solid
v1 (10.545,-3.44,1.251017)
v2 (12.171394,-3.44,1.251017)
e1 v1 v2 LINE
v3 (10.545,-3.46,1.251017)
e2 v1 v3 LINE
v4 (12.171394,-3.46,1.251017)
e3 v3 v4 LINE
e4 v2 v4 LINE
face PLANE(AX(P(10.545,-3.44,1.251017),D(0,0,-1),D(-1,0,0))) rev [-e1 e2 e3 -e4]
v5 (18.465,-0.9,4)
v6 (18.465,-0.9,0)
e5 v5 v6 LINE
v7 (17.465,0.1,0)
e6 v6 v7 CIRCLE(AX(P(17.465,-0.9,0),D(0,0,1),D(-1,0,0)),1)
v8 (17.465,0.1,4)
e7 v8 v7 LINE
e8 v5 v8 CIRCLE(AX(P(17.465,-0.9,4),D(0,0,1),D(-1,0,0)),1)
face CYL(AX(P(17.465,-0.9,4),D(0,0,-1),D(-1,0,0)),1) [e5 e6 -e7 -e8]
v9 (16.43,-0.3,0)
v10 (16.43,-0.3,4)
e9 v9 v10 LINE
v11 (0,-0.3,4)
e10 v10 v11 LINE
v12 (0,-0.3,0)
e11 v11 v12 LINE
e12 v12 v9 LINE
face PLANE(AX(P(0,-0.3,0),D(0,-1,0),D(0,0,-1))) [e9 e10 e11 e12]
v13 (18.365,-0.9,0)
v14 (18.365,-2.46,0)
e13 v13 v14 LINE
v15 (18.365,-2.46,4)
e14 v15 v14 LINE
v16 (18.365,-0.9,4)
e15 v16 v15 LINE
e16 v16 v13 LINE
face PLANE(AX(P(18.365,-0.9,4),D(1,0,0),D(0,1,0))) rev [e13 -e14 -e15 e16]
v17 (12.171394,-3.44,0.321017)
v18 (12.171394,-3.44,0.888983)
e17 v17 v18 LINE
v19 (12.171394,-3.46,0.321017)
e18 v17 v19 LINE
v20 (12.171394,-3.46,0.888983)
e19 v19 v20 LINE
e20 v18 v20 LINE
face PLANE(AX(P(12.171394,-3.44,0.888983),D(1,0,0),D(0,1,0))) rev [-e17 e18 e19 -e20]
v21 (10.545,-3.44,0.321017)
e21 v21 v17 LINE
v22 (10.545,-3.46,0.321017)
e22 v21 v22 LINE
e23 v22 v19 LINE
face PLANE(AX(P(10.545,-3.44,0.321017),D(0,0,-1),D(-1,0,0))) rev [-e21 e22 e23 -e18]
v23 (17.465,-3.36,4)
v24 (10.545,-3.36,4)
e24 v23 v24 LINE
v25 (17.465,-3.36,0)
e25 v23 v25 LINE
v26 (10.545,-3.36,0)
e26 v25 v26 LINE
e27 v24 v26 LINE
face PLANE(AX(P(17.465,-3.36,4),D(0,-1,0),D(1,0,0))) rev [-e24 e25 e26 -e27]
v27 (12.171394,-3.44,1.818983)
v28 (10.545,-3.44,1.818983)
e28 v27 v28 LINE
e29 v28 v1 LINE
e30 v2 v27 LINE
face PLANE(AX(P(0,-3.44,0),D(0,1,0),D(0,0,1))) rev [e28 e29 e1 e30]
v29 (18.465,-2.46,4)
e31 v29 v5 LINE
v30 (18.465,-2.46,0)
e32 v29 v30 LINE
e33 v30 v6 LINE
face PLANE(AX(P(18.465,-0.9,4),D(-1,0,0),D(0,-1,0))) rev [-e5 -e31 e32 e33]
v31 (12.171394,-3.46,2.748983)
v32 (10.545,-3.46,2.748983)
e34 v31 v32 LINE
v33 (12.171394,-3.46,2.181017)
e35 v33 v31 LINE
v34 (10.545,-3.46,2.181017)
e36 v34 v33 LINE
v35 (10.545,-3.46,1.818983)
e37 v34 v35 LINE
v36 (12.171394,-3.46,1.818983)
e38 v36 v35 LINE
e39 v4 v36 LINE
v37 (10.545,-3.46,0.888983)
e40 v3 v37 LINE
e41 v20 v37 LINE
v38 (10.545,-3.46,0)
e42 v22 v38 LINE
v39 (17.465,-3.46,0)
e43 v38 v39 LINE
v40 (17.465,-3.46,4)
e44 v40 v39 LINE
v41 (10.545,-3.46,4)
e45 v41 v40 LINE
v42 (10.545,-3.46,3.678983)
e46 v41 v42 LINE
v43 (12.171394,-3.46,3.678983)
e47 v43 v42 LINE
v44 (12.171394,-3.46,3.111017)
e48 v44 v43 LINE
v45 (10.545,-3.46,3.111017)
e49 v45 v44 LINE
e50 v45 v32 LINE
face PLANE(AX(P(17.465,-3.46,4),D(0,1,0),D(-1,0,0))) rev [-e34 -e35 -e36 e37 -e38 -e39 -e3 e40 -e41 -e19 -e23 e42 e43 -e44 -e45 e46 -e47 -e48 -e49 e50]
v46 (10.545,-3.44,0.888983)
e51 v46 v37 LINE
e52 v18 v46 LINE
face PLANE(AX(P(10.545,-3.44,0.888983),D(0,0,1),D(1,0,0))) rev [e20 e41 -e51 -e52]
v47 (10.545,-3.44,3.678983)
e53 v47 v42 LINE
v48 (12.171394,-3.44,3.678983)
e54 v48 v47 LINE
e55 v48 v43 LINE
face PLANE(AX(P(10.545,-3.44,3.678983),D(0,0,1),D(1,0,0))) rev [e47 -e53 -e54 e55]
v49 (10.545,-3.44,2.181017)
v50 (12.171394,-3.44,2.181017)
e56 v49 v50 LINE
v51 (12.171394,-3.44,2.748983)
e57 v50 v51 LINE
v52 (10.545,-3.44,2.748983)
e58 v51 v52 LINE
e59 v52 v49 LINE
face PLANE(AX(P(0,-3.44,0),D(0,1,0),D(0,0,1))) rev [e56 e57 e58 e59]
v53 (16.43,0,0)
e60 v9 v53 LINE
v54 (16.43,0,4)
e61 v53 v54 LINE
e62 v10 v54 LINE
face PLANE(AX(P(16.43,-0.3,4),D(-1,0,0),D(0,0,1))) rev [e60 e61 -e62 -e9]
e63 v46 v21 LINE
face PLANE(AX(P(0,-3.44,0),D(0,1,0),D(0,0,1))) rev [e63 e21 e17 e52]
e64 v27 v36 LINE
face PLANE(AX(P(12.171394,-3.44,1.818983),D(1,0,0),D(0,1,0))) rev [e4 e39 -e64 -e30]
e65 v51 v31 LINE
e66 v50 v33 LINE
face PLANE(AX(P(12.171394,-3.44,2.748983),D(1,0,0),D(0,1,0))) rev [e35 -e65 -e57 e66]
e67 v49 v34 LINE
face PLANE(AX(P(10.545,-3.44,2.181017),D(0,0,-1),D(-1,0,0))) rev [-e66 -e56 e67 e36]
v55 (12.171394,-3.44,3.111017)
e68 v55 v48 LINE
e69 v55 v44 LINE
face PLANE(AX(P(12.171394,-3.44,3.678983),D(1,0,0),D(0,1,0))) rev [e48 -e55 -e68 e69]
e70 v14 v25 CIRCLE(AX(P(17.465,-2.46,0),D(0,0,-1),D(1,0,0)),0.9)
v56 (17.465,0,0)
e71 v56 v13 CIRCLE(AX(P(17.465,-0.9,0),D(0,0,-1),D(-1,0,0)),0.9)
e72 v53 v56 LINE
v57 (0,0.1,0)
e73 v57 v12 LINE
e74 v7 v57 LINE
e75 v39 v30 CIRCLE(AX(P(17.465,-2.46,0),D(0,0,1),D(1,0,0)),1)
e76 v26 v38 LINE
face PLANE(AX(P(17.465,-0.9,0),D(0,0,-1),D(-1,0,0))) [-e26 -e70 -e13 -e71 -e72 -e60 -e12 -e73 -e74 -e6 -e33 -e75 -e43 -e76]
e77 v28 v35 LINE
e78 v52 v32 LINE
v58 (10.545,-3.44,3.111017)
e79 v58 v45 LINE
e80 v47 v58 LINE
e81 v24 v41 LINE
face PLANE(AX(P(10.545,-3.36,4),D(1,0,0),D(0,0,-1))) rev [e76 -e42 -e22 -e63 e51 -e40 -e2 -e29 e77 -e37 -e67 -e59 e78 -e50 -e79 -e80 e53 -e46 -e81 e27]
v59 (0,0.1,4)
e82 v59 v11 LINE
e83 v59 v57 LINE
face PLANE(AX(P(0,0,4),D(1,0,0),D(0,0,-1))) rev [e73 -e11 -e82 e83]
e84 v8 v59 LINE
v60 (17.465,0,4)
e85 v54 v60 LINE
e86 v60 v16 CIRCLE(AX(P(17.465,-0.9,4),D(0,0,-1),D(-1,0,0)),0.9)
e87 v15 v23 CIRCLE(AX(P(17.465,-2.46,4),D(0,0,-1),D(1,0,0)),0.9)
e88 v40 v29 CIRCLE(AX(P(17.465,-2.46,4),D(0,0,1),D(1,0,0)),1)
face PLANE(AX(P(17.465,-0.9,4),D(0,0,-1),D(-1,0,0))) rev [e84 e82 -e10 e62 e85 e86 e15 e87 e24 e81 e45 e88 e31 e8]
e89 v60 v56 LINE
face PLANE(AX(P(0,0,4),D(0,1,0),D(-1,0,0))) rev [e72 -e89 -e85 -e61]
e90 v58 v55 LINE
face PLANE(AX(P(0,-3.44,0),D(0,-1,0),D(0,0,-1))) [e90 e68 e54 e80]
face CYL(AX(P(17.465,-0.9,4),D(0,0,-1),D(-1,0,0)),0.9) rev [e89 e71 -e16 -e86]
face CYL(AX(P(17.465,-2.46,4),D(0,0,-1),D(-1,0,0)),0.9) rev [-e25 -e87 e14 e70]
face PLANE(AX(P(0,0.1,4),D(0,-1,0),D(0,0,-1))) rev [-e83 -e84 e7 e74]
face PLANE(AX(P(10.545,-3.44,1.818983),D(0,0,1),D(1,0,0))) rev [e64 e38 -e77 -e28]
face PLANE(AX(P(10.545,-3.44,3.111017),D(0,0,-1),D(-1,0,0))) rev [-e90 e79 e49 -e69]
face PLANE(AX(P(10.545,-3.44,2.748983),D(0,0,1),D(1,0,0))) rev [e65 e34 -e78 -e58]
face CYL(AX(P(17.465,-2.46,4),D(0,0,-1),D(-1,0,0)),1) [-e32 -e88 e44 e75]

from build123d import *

# Parameters (mm, degrees)
EXTRUDE_1_DEPTH     = 4
SKETCH_2_W          = 16.43
SKETCH_2_H          = 4
EXTRUDE_2_DEPTH     = 0.3
SKETCH_5_W          = 1.626393804
SKETCH_5_H          = 0.567965398
CUT_EXTRUDE_1_DEPTH = 0.02


with BuildPart() as part:
    # 草图1 → 凸台-拉伸1 (new body)
    with BuildSketch(Plane.XY):
        with BuildLine():
            Line((0, 0), (17.465, 0))
            ThreePointArc((17.465, 0), (18.101396103, -0.263603897), (18.365, -0.9))
            Line((18.365, -0.9), (18.365, -2.46))
            ThreePointArc((18.365, -2.46), (18.101396103, -3.096396103), (17.465, -3.36))
            Line((17.465, -3.36), (10.545, -3.36))
            Line((10.545, -3.36), (10.545, -3.46))
            Line((10.545, -3.46), (17.464999994, -3.46))
            ThreePointArc((17.464999994, -3.46), (18.172106779, -3.167106783), (18.465, -2.46))
            Line((18.465, -2.46), (18.465, -0.9))
            ThreePointArc((18.465, -0.9), (18.172106781, -0.192893219), (17.465, 0.1))
            Line((17.465, 0.1), (0, 0.1))
            Line((0, 0.1), (0, 0))
        make_face()
    extrude(amount=EXTRUDE_1_DEPTH)

    # 草图2 → 凸台-拉伸2 (add)
    with BuildSketch(Plane.XZ):
        with Locations((8.215, 2)):
            Rectangle(SKETCH_2_W, SKETCH_2_H)
    extrude(amount=EXTRUDE_2_DEPTH)

    # 草图5 → 切除-拉伸1 (cut)
    with BuildSketch(Plane.XZ.offset(3.46)):
        with Locations((11.358196902, 3.395)):
            Rectangle(SKETCH_5_W, SKETCH_5_H)
        with Locations((11.358196902, 2.465)):
            Rectangle(SKETCH_5_W, SKETCH_5_H)
        with Locations((11.358196902, 1.535)):
            Rectangle(SKETCH_5_W, SKETCH_5_H)
        with Locations((11.358196902, 0.605)):
            Rectangle(SKETCH_5_W, SKETCH_5_H)
    extrude(amount=-CUT_EXTRUDE_1_DEPTH, mode=Mode.SUBTRACT)


solid = part.part
